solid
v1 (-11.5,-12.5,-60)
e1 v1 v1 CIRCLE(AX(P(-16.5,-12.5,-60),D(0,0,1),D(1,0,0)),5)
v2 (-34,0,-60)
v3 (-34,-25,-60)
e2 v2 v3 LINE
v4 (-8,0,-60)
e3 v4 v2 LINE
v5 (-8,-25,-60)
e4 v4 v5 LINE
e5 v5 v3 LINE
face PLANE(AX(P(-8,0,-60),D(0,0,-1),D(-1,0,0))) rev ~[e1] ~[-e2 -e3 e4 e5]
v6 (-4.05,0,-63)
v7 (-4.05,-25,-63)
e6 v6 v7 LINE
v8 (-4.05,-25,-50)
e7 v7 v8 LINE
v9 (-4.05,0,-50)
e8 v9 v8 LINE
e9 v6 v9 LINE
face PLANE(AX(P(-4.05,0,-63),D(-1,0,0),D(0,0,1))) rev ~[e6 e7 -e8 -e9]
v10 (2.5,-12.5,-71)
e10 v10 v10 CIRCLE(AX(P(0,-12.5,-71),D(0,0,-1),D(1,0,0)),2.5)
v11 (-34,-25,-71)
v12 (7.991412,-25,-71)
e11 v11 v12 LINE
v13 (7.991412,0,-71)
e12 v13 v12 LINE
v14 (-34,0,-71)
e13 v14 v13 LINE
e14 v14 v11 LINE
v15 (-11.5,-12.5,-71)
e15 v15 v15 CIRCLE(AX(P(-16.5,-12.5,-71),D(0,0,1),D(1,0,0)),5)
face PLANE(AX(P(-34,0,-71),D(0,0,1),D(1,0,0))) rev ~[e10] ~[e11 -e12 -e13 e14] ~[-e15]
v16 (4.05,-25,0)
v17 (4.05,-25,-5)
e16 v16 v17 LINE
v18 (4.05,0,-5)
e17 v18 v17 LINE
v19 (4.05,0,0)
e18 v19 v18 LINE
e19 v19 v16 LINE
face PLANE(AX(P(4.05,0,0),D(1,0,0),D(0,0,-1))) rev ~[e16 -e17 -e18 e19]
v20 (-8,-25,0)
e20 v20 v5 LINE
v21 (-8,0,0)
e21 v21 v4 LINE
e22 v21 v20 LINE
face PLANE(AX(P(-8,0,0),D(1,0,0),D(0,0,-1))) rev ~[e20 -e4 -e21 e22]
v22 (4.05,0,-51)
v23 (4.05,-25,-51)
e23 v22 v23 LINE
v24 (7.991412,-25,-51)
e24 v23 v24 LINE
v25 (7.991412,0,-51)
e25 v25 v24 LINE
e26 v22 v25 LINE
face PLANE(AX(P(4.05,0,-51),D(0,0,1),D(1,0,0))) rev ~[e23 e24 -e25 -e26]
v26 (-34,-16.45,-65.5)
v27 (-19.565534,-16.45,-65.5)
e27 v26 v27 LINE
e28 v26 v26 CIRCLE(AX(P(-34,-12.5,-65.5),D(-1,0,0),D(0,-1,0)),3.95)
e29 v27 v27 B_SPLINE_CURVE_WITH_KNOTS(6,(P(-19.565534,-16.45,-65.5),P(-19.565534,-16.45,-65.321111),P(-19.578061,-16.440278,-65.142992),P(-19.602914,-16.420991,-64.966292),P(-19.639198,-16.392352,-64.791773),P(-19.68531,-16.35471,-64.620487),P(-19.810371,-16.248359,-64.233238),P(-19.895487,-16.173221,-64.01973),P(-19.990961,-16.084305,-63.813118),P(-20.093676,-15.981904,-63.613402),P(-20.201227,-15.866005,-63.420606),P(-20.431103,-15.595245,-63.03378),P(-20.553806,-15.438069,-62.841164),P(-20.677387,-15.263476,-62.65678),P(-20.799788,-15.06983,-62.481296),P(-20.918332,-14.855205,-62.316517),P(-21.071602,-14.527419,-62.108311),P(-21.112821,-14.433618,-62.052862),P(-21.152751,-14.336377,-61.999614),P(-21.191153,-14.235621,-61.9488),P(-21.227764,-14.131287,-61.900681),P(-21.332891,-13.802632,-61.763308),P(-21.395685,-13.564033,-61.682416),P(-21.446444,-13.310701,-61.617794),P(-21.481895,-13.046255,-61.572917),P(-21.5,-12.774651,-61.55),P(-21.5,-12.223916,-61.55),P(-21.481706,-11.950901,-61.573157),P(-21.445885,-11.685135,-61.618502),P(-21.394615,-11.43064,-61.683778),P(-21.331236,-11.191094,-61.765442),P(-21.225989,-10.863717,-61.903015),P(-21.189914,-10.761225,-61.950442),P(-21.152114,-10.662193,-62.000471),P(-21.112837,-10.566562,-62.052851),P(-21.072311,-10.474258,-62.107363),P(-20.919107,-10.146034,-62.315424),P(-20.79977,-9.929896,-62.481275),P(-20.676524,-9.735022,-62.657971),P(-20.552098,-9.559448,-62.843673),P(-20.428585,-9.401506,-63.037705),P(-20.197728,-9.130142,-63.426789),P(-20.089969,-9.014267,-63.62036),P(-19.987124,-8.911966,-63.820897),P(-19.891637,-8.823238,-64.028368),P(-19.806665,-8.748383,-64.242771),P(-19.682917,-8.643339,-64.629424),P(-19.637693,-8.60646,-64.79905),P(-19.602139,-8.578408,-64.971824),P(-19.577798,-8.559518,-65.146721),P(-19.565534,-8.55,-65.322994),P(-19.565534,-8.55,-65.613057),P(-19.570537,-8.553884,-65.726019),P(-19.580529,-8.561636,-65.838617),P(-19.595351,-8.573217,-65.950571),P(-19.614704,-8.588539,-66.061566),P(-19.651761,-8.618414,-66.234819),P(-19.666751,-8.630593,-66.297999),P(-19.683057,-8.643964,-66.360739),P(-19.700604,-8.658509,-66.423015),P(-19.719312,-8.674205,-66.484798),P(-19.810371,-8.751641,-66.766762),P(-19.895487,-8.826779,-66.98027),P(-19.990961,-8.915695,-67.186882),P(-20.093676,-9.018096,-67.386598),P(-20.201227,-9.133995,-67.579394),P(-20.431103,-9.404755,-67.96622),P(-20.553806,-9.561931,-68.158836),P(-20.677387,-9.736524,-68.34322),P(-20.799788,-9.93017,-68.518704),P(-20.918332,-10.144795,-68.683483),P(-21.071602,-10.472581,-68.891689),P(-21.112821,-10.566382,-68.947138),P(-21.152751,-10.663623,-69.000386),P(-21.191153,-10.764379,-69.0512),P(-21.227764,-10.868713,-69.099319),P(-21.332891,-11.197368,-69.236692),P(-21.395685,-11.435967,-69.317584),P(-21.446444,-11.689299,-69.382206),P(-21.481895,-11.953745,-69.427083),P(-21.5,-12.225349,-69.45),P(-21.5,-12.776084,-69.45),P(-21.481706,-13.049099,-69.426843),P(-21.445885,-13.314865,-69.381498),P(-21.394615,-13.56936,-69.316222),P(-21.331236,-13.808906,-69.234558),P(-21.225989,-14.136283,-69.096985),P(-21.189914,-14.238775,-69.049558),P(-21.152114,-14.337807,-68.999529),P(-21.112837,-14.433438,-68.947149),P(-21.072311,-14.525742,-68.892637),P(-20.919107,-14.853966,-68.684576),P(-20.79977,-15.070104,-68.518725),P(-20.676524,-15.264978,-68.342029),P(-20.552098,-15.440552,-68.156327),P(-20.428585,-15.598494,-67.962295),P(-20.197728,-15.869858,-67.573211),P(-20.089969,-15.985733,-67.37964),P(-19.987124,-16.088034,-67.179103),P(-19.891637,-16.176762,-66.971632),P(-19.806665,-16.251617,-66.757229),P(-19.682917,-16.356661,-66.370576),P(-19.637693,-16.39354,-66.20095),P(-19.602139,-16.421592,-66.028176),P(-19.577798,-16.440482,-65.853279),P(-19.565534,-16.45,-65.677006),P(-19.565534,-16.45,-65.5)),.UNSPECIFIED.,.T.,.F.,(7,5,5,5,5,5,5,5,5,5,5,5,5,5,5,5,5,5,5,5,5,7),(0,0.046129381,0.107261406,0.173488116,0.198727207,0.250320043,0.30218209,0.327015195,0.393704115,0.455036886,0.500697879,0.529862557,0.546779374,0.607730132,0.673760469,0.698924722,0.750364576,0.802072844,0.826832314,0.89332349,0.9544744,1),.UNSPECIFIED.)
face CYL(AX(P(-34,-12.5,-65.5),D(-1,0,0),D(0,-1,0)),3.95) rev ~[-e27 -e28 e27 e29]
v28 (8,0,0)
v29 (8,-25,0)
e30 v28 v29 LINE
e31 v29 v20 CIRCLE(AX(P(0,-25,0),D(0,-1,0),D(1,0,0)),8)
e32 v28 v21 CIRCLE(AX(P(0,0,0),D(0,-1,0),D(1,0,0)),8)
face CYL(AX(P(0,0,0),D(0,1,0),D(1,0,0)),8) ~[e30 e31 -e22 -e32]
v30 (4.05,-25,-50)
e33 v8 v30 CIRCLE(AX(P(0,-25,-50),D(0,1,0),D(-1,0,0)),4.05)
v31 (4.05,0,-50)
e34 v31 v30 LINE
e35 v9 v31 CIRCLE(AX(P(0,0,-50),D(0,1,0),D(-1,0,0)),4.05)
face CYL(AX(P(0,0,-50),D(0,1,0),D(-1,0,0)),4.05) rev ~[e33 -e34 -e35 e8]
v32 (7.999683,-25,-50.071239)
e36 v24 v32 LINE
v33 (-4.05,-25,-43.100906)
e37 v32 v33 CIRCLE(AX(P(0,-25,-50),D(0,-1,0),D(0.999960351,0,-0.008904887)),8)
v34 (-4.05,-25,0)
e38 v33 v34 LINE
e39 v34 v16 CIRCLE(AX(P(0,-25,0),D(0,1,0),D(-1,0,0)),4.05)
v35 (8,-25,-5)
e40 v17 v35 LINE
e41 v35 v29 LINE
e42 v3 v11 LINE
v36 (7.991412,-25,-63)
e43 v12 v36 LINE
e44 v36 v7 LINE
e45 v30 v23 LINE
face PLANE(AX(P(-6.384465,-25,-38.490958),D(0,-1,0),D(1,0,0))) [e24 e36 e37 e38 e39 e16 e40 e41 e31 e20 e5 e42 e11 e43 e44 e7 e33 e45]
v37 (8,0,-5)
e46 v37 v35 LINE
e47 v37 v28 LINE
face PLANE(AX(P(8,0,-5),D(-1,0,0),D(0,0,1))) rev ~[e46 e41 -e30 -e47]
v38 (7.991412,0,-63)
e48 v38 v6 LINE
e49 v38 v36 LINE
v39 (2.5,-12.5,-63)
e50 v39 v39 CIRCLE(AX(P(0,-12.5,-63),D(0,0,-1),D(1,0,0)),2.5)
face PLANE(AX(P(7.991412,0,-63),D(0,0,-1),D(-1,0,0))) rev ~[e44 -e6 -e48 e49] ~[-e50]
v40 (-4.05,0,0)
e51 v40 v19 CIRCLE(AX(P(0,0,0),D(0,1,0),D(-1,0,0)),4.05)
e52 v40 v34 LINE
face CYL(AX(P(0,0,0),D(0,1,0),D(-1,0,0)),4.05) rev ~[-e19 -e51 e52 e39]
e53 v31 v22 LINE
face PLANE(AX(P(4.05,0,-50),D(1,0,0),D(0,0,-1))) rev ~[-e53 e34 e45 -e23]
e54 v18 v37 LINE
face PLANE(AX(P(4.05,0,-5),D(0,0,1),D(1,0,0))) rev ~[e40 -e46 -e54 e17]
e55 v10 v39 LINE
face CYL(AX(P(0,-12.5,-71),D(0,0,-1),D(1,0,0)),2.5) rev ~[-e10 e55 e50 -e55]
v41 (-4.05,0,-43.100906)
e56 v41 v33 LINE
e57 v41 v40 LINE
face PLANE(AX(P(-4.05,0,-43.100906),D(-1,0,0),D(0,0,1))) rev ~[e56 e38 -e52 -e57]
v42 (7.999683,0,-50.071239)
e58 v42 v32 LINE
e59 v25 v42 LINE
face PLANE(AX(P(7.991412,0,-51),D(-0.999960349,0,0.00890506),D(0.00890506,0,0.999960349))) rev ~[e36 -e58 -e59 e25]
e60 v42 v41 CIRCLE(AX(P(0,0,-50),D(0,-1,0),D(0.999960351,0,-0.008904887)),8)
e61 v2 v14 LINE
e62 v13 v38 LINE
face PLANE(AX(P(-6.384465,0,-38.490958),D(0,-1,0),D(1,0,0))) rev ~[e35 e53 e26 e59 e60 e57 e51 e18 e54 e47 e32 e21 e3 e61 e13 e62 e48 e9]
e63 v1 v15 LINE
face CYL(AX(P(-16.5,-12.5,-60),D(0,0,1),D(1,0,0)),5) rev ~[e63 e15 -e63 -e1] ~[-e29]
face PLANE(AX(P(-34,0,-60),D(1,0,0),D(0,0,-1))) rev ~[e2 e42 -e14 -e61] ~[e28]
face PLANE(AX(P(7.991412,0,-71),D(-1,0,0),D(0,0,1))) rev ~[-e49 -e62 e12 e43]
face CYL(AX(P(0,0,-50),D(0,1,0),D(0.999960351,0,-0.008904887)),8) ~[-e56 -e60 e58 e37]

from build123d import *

# Parameters (mm, degrees)
F1_DEPTH = 25
F2_R     = 5
F3_DEPTH = 25
F4_R     = 2.5
F5_DEPTH = 15
F6_R     = 3.95
F7_DEPTH = 17


with BuildPart() as f1:
    # F0 (on Front) → F1 (new body)
    with BuildSketch(Plane.XZ):
        with BuildLine():
            ThreePointArc((-4.05, 0), (0, 4.05), (4.05, 0))
            Line((4.05, 0), (4.05, -5))
            Line((4.05, -5), (8, -5))
            Line((8, -5), (8, 0))
            ThreePointArc((8, 0), (0, 8), (-8, 0))
            Line((-8, 0), (-8, -50))
            Line((-8, -50), (-8, -60))
            Line((-8, -60), (-34, -60))
            Line((-34, -60), (-34, -71))
            Line((-34, -71), (-4.05, -71))
            Line((-4.05, -71), (7.991412, -71))
            Line((7.991412, -71), (7.991412, -63))
            Line((7.991412, -63), (-4.05, -63))
            Line((-4.05, -63), (-4.05, -50))
            ThreePointArc((-4.05, -50), (0, -45.95), (4.05, -50))
            Line((4.05, -50), (4.05, -51))
            Line((4.05, -51), (7.991412, -51))
            Line((7.991412, -51), (7.999683, -50.071239))
            ThreePointArc((7.999683, -50.071239), (4.005794, -43.075145), (-4.05, -43.100906))
            Line((-4.05, -43.100906), (-4.05, 0))
        make_face()
    extrude(amount=F1_DEPTH)

    # F2 (on face) → F3 (cut)
    with BuildSketch(Plane.XY.offset(-60)):
        with Locations((-16.5, -12.5)):
            Circle(F2_R)
    extrude(amount=-F3_DEPTH, mode=Mode.SUBTRACT)

    # F4 (on face) → F5 (cut)
    with BuildSketch(Plane(origin=(0, 0, -71), x_dir=(1, 0, 0), z_dir=(0, 0, -1))):
        with Locations((0, 12.5)):
            Circle(F4_R)
    extrude(amount=-F5_DEPTH, mode=Mode.SUBTRACT)

    # F6 (on face) → F7 (cut)
    with BuildSketch(Plane(origin=(-34, 0, 0), x_dir=(0, -1, 0), z_dir=(-1, 0, 0))):
        with Locations((12.5, -65.5)):
            Circle(F6_R)
    extrude(amount=-F7_DEPTH, mode=Mode.SUBTRACT)


solid = f1.part
